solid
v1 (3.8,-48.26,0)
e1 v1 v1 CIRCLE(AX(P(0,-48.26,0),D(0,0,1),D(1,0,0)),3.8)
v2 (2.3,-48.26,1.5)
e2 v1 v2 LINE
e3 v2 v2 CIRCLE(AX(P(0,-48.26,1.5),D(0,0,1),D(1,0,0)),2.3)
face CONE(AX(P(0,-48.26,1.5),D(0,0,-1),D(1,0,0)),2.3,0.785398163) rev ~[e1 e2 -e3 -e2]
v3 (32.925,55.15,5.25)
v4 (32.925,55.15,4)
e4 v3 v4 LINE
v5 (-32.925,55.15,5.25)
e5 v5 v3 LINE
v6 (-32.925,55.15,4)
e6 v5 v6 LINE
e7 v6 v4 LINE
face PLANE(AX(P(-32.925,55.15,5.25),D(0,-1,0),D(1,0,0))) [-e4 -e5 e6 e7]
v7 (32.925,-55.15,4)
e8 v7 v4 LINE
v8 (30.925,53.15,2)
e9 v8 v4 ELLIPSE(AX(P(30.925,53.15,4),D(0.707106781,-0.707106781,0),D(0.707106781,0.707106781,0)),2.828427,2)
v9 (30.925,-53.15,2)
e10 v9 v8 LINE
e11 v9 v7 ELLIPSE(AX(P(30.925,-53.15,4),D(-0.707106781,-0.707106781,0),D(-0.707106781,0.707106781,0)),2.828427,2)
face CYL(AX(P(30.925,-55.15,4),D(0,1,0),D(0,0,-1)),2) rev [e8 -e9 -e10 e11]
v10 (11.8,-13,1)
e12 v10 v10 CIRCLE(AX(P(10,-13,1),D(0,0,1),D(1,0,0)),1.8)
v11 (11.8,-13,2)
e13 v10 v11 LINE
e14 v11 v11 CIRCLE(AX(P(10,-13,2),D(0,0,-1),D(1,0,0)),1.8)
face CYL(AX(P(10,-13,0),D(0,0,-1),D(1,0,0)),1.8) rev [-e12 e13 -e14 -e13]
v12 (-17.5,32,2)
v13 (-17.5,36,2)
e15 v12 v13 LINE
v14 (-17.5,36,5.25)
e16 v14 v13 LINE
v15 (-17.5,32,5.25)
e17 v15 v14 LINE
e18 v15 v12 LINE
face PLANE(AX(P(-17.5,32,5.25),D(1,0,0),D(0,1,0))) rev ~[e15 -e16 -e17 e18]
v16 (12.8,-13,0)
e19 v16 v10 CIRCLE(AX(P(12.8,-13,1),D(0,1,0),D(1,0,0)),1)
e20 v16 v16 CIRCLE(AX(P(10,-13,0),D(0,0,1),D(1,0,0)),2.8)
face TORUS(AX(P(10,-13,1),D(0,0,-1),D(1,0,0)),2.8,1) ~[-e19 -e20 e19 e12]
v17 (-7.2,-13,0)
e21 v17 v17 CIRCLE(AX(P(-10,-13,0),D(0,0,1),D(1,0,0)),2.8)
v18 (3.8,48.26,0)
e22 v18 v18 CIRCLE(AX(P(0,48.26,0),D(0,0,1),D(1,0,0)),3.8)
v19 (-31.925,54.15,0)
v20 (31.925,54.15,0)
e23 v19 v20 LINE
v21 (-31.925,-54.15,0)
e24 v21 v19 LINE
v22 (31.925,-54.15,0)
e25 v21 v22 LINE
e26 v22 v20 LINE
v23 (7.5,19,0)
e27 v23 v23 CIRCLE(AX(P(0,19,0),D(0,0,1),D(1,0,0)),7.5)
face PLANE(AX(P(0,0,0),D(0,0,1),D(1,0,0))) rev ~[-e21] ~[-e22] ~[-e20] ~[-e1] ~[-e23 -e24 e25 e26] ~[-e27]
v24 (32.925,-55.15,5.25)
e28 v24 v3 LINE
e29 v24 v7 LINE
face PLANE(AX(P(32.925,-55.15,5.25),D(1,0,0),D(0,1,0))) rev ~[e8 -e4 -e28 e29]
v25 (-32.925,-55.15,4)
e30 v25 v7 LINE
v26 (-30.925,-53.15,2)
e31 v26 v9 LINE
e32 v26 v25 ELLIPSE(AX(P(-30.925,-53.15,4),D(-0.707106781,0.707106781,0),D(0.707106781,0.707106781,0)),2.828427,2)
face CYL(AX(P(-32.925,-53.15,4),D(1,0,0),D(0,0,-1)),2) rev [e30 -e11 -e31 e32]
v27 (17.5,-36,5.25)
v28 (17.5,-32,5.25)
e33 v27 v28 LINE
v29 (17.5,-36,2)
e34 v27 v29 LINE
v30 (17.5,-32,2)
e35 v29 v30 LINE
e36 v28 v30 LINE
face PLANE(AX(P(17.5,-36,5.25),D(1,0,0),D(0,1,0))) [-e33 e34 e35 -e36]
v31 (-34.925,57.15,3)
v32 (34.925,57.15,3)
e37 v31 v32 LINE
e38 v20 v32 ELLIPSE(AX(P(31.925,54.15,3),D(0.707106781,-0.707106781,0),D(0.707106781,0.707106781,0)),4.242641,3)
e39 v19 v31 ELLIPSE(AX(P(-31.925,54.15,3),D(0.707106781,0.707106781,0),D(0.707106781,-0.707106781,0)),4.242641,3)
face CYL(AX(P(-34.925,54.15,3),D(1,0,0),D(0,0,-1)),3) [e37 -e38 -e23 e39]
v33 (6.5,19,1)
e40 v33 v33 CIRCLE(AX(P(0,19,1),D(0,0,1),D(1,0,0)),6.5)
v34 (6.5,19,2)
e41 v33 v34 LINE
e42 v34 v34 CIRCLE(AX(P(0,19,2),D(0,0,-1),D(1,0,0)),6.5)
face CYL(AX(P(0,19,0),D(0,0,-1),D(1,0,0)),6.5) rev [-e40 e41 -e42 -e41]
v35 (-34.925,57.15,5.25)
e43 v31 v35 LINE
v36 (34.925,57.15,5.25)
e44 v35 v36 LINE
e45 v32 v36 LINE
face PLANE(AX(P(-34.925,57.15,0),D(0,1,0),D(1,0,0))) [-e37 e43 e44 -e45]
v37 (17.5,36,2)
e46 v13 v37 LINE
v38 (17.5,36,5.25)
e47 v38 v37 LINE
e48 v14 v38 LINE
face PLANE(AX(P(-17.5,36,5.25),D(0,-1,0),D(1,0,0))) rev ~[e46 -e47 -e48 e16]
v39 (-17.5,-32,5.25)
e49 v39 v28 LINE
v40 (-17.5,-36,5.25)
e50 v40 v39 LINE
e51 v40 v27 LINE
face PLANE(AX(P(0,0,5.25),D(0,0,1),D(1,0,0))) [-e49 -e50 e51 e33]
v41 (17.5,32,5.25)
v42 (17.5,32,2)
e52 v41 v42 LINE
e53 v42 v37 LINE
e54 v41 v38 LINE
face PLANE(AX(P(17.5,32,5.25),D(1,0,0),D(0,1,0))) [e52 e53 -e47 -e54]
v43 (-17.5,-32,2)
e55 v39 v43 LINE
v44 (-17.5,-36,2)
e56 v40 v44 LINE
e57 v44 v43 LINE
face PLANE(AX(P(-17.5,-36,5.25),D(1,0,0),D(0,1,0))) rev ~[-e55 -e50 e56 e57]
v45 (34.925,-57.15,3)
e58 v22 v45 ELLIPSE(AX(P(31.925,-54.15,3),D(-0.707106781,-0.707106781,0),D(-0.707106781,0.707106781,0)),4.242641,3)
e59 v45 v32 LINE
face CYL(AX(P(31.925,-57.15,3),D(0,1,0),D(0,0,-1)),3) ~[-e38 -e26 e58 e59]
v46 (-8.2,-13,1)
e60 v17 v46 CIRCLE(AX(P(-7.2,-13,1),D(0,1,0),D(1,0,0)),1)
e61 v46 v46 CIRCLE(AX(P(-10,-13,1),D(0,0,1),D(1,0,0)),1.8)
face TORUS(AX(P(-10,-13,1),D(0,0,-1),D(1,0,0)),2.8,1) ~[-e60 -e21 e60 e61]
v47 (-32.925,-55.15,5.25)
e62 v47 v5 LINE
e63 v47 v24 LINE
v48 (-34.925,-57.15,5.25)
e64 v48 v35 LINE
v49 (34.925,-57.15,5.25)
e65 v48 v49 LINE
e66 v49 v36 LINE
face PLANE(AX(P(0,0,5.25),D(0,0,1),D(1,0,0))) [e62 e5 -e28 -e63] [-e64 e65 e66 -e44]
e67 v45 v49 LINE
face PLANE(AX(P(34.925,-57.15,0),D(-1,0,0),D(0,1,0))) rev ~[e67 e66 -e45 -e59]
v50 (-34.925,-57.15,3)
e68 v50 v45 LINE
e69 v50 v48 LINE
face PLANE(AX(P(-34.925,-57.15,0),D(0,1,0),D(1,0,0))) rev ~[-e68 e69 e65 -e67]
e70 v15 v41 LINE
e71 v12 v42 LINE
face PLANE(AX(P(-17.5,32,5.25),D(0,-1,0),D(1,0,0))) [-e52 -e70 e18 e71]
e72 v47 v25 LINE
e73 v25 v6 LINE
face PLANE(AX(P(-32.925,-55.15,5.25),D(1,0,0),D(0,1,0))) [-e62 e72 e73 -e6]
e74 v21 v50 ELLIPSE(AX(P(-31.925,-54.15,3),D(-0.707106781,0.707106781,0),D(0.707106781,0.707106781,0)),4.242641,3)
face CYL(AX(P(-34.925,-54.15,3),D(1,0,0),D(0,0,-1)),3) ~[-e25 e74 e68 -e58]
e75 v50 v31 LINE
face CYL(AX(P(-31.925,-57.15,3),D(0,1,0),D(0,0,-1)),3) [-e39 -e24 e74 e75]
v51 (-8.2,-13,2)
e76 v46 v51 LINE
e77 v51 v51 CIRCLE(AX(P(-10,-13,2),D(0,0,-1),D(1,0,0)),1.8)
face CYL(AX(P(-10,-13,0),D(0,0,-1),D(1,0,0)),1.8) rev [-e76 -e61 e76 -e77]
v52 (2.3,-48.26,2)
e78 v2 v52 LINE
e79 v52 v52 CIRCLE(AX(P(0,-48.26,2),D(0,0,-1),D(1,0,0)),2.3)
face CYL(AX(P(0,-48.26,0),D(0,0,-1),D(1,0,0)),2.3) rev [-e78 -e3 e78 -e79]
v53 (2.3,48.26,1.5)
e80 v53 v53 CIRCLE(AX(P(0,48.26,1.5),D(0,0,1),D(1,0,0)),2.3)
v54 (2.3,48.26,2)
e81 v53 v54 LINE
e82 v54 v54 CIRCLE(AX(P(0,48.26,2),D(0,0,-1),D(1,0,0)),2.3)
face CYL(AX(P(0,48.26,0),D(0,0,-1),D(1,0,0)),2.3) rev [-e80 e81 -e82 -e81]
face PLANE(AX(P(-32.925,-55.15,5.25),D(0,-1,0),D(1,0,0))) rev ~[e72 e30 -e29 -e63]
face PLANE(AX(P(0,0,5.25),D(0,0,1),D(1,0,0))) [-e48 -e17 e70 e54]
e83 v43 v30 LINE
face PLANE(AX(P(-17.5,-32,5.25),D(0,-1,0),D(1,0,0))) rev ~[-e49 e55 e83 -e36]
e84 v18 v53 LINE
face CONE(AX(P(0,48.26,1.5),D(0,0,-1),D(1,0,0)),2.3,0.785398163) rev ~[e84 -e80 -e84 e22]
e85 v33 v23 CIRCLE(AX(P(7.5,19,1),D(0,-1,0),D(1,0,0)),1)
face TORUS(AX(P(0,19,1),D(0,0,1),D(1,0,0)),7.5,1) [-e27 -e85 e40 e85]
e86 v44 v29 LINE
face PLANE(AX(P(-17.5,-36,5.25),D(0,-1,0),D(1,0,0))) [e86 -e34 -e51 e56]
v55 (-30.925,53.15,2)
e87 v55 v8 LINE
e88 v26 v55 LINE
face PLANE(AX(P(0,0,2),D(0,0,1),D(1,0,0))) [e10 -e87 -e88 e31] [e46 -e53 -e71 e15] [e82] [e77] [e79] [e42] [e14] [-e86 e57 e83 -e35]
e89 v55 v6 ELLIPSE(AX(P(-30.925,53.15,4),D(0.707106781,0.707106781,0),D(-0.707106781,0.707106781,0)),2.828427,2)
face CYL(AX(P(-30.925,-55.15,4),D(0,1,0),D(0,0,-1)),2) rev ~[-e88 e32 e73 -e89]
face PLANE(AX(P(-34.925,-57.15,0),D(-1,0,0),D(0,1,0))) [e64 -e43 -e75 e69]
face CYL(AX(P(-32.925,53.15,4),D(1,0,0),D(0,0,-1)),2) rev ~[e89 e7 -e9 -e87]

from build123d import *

# Parameters (mm, degrees)
SKETCH_W      = 69.85
SKETCH_H      = 114.3
SKETCH_R      = 2.3
SKETCH_R_2    = 6.5
SKETCH_R_3    = 1.8
PAD_DEPTH     = 5.25
FILLET_R      = 1
CHAMFER_SIZE  = 1.5
FILLET001_R   = 1
FILLET002_R   = 3
SKETCH001_W   = 65.85
SKETCH001_H   = 110.3
SKETCH001_W_2 = 35
SKETCH001_H_2 = 4
POCKET_DEPTH  = 3.25
FILLET003_R   = 2


with BuildPart() as part:
    # Sketch → Pad (new body)
    with BuildSketch(Plane.XY):
        Rectangle(SKETCH_W, SKETCH_H)
        with Locations((0, 48.26)):
            Circle(SKETCH_R, mode=Mode.SUBTRACT)
        with Locations((0, -48.26)):
            Circle(SKETCH_R, mode=Mode.SUBTRACT)
        with Locations((0, 19)):
            Circle(SKETCH_R_2, mode=Mode.SUBTRACT)
        with Locations((-10, -13)):
            Circle(SKETCH_R_3, mode=Mode.SUBTRACT)
        with Locations((10, -13)):
            Circle(SKETCH_R_3, mode=Mode.SUBTRACT)
    extrude(amount=PAD_DEPTH)

    # Fillet
    fillet_edges = [part.edges().sort_by_distance(p)[0] for p in [
        (-6.5, 19, 0),
    ]]
    fillet(fillet_edges, radius=FILLET_R)

    # Chamfer
    chamfer_edges = [part.edges().sort_by_distance(p)[0] for p in [
        (-2.3, 48.26, 0),
        (-2.3, -48.26, 0),
    ]]
    chamfer(chamfer_edges, length=CHAMFER_SIZE)

    # Fillet001
    fillet001_edges = [part.edges().sort_by_distance(p)[0] for p in [
        (-11.8, -13, 0),
        (8.2, -13, 0),
    ]]
    fillet(fillet001_edges, radius=FILLET001_R)

    # Fillet002
    fillet002_edges = [part.edges().sort_by_distance(p)[0] for p in [
        (0, 57.15, 0),
        (-34.925, 0, 0),
        (34.925, 0, 0),
        (0, -57.15, 0),
    ]]
    fillet(fillet002_edges, radius=FILLET002_R)

    # Sketch001 (on Face20 of Fillet002) → Pocket (cut)
    with BuildSketch(Plane.XY.offset(5.25)):
        Rectangle(SKETCH001_W, SKETCH001_H)
        with Locations((0, 34)):
            Rectangle(SKETCH001_W_2, SKETCH001_H_2, mode=Mode.SUBTRACT)
        with Locations((0, -34)):
            Rectangle(SKETCH001_W_2, SKETCH001_H_2, mode=Mode.SUBTRACT)
    extrude(amount=-POCKET_DEPTH, mode=Mode.SUBTRACT)

    # Fillet003
    fillet003_edges = [part.edges().sort_by_distance(p)[0] for p in [
        (-32.925, 0, 2),
        (0, 55.15, 2),
        (32.925, 0, 2),
        (0, -55.15, 2),
    ]]
    fillet(fillet003_edges, radius=FILLET003_R)


solid = part.part
